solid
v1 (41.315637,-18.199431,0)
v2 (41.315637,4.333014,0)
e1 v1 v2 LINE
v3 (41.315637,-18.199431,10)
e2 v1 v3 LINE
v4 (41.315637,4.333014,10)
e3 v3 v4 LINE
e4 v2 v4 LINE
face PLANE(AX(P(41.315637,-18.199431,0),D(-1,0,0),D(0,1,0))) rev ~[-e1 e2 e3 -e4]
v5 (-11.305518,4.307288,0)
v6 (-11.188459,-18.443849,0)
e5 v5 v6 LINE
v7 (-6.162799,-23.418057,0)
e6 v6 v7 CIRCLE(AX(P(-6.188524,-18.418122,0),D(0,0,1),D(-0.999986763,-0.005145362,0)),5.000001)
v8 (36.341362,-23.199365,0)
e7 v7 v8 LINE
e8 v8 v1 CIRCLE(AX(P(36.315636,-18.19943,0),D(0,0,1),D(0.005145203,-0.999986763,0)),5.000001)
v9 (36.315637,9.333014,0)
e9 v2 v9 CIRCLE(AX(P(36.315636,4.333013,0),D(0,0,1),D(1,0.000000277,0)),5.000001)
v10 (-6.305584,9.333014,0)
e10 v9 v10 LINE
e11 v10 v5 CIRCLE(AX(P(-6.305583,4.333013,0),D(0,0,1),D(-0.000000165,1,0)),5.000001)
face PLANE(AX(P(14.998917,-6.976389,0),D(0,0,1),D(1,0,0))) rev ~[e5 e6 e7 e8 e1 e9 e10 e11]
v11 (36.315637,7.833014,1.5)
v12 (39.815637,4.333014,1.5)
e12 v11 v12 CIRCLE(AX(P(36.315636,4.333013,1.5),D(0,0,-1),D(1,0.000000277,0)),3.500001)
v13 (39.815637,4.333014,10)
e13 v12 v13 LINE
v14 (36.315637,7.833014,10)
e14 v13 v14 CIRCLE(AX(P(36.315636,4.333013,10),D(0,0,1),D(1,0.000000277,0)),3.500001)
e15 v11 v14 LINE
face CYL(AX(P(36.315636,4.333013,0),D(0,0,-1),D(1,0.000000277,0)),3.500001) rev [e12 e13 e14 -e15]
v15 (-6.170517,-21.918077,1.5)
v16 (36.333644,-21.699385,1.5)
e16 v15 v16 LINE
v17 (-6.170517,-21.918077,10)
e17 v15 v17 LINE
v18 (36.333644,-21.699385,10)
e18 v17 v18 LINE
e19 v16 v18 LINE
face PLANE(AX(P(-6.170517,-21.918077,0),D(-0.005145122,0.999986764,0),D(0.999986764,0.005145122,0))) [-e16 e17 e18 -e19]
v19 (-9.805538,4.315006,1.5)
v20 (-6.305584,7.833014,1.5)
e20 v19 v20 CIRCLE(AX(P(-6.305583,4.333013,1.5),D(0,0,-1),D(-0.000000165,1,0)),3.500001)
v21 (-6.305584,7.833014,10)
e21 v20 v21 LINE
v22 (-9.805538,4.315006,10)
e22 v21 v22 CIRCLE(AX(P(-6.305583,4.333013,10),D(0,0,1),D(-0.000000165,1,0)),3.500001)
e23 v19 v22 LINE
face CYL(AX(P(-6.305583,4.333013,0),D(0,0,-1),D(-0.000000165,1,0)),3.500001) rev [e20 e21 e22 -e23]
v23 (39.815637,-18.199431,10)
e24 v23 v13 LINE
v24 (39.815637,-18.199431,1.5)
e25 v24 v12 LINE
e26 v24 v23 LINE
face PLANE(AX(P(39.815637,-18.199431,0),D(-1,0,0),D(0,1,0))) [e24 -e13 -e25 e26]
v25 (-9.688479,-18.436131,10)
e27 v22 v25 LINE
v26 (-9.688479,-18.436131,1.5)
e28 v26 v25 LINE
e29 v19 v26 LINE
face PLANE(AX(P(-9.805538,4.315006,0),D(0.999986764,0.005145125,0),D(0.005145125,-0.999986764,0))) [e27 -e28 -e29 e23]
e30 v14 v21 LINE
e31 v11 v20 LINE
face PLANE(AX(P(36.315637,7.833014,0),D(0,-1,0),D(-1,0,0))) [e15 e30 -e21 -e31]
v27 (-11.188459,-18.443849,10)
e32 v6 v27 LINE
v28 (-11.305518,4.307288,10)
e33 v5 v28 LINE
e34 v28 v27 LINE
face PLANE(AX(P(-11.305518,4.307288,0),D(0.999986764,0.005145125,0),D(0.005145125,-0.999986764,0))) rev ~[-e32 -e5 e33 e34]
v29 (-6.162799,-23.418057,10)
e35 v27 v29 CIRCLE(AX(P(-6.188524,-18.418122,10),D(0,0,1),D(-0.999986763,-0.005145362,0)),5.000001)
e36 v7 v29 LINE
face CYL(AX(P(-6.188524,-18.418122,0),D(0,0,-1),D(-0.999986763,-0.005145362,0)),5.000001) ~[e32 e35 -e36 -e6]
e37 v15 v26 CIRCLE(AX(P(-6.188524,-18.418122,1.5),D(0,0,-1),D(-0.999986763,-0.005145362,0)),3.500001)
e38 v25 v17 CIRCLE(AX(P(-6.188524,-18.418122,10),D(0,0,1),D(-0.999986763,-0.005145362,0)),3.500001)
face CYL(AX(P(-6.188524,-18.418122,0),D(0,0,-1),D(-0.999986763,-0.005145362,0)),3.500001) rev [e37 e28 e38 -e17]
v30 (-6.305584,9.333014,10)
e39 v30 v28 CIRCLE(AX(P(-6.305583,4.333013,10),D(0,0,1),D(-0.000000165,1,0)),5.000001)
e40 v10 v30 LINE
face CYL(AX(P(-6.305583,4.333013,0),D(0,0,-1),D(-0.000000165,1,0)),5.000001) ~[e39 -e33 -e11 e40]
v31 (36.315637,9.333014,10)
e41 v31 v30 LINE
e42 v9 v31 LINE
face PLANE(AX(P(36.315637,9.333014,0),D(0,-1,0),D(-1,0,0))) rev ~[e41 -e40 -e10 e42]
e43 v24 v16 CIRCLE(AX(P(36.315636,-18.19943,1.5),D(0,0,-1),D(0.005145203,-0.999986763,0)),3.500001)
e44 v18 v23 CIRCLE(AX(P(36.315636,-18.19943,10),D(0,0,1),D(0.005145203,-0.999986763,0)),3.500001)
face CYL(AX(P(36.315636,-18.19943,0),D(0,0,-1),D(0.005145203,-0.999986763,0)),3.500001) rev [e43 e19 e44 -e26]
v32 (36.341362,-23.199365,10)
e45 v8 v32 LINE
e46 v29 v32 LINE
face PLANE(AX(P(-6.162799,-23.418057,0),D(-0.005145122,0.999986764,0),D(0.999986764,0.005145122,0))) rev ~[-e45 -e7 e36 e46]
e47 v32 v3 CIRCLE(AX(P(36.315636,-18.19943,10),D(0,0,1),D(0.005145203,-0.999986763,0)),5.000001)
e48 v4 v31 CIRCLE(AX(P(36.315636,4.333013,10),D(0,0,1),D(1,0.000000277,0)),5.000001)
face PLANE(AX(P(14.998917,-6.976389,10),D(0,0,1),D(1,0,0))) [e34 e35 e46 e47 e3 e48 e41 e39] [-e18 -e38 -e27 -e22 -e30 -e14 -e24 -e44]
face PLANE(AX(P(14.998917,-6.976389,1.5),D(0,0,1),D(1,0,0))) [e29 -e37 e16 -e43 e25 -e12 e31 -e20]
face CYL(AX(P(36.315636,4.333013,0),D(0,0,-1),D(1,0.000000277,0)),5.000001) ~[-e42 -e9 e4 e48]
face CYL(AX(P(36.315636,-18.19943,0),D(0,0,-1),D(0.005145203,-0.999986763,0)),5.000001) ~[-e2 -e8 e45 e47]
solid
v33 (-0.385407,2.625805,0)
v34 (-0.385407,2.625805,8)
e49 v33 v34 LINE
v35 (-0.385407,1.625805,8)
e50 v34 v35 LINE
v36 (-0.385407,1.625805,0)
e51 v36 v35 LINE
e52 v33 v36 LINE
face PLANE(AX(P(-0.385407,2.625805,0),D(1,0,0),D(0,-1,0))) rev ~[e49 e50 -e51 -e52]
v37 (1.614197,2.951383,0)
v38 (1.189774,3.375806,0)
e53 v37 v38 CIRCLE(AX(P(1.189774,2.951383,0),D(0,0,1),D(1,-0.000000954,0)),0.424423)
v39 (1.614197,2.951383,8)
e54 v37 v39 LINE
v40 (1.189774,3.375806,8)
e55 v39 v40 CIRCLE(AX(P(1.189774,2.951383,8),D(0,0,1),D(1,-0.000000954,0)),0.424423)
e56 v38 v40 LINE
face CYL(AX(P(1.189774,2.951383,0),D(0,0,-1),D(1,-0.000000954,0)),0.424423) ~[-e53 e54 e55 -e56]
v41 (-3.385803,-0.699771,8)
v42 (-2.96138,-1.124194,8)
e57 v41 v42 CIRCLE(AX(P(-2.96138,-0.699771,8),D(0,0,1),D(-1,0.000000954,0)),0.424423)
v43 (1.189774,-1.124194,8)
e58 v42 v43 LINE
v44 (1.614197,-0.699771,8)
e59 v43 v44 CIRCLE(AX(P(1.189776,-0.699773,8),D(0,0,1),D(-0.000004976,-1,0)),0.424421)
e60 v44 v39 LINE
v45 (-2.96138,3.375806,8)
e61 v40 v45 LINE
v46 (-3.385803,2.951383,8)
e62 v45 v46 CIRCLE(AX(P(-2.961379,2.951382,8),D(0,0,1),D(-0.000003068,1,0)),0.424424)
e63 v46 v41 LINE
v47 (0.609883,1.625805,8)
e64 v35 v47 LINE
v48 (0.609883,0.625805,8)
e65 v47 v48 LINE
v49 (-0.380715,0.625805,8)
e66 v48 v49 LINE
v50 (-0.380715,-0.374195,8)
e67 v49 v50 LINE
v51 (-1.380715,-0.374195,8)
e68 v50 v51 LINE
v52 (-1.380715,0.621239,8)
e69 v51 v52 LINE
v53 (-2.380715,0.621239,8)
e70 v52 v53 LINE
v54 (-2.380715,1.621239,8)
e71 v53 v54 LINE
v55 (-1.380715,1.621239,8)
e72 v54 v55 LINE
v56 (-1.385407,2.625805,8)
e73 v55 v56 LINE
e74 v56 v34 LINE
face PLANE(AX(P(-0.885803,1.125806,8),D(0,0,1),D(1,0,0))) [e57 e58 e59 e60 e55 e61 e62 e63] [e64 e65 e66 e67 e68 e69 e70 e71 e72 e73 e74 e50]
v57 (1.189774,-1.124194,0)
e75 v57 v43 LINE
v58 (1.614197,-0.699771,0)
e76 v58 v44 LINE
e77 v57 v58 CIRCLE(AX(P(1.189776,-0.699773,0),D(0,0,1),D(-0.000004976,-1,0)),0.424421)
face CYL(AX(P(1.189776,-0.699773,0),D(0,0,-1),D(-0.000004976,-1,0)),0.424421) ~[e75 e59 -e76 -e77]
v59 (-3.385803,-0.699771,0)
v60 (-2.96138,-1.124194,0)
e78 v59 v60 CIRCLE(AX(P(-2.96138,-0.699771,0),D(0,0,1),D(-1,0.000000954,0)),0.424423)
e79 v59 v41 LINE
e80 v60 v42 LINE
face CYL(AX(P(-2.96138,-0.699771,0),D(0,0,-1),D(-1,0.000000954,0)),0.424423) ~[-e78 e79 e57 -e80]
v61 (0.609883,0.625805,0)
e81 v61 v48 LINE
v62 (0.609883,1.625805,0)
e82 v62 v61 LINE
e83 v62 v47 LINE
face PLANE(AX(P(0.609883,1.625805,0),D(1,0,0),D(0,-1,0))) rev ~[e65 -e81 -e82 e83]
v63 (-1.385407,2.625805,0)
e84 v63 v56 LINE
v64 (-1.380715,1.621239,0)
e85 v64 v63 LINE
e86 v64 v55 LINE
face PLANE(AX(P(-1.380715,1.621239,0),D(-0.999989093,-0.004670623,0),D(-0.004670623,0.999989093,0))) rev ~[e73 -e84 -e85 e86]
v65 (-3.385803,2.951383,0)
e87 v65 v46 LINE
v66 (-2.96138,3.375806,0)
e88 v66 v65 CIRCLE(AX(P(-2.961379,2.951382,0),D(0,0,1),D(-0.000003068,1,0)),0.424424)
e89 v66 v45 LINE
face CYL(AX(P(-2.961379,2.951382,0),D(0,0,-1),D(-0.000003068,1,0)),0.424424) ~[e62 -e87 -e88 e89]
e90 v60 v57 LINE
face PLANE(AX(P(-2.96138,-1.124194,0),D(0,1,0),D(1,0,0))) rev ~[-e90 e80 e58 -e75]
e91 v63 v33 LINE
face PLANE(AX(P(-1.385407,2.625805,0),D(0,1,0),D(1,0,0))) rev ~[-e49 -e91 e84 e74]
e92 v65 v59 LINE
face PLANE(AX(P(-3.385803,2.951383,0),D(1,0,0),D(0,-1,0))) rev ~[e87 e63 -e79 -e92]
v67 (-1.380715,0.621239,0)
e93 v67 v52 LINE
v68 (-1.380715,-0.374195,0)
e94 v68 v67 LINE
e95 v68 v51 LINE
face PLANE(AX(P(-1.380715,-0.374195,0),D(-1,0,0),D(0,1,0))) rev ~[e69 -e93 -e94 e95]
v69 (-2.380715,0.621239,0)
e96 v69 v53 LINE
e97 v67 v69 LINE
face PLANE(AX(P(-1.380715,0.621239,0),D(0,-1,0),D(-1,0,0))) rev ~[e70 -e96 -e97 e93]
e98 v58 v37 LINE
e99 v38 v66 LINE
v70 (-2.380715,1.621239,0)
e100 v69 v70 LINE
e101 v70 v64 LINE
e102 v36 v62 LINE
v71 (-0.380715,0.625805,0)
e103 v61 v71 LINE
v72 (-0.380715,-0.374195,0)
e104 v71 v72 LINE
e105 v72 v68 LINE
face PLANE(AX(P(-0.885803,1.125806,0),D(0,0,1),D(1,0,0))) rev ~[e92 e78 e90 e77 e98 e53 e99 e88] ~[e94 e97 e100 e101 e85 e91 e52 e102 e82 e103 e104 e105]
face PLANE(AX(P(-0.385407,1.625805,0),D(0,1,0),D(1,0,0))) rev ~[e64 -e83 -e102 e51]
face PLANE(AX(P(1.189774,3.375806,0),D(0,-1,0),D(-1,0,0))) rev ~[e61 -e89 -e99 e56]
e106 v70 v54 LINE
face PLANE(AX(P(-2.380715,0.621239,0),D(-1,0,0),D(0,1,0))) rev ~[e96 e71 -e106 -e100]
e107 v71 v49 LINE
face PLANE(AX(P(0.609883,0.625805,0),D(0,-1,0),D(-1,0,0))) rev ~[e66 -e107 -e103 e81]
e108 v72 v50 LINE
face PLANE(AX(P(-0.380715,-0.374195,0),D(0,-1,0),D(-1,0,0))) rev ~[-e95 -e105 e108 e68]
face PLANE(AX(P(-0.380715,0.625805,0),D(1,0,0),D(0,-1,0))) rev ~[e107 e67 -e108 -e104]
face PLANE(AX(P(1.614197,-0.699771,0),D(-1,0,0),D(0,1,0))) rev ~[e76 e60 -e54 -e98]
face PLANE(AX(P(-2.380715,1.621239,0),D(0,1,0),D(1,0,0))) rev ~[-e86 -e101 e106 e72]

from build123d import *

# Parameters (mm, degrees)
F1_DEPTH = 8
F3_DEPTH = 10
F4_T     = -1.5


with BuildPart() as f1:
    # F0 (on Top) → F1 (new body)
    with BuildSketch(Plane.XY):
        with BuildLine():
            Line((1.189774, 3.375806), (-2.96138, 3.375806))
            ThreePointArc((-2.96138, 3.375806), (-3.261492, 3.251495), (-3.385803, 2.951383))
            Line((-3.385803, 2.951383), (-3.385803, -0.699771))
            ThreePointArc((-3.385803, -0.699771), (-3.261492, -0.999884), (-2.96138, -1.124194))
            Line((-2.96138, -1.124194), (1.189774, -1.124194))
            ThreePointArc((1.189774, -1.124194), (1.489887, -0.999884), (1.614197, -0.699771))
            Line((1.614197, -0.699771), (1.614197, 2.951383))
            ThreePointArc((1.614197, 2.951383), (1.489887, 3.251495), (1.189774, 3.375806))
        make_face()
        Polygon((-1.380715, 1.621239), (-1.385407, 2.625805), (-0.385407, 2.625805), (-0.385407, 1.625805), (0.609883, 1.625805), (0.609883, 0.625805), (-0.380715, 0.625805), (-0.380715, -0.374195), (-1.380715, -0.374195), (-1.380715, 0.621239), (-2.380715, 0.621239), (-2.380715, 1.621239), align=None, mode=Mode.SUBTRACT)
    extrude(amount=F1_DEPTH)


with BuildPart() as f3:
    # F2 (on Top) → F3 (new body)
    with BuildSketch(Plane.XY):
        with BuildLine():
            ThreePointArc((-11.188459, -18.443849), (-9.705821, -21.971801), (-6.162799, -23.418057))
            Line((-6.162799, -23.418057), (36.341362, -23.199365))
            ThreePointArc((36.341362, -23.199365), (39.860254, -21.725858), (41.315637, -18.199431))
            Line((41.315637, -18.199431), (41.315637, 4.333014))
            ThreePointArc((41.315637, 4.333014), (39.851171, 7.868547), (36.315637, 9.333014))
            Line((36.315637, 9.333014), (-6.305584, 9.333014))
            ThreePointArc((-6.305584, 9.333014), (-9.850202, 7.85944), (-11.305518, 4.307288))
            Line((-11.305518, 4.307288), (-11.188459, -18.443849))
        make_face()
    extrude(amount=F3_DEPTH)

    # F4
    f4_openings = [f3.faces().sort_by_distance(p)[0] for p in [
        (14.999389, -6.980283, 10),
    ]]
    offset(amount=F4_T, openings=f4_openings)


solid = Compound([f1.part, f3.part])
